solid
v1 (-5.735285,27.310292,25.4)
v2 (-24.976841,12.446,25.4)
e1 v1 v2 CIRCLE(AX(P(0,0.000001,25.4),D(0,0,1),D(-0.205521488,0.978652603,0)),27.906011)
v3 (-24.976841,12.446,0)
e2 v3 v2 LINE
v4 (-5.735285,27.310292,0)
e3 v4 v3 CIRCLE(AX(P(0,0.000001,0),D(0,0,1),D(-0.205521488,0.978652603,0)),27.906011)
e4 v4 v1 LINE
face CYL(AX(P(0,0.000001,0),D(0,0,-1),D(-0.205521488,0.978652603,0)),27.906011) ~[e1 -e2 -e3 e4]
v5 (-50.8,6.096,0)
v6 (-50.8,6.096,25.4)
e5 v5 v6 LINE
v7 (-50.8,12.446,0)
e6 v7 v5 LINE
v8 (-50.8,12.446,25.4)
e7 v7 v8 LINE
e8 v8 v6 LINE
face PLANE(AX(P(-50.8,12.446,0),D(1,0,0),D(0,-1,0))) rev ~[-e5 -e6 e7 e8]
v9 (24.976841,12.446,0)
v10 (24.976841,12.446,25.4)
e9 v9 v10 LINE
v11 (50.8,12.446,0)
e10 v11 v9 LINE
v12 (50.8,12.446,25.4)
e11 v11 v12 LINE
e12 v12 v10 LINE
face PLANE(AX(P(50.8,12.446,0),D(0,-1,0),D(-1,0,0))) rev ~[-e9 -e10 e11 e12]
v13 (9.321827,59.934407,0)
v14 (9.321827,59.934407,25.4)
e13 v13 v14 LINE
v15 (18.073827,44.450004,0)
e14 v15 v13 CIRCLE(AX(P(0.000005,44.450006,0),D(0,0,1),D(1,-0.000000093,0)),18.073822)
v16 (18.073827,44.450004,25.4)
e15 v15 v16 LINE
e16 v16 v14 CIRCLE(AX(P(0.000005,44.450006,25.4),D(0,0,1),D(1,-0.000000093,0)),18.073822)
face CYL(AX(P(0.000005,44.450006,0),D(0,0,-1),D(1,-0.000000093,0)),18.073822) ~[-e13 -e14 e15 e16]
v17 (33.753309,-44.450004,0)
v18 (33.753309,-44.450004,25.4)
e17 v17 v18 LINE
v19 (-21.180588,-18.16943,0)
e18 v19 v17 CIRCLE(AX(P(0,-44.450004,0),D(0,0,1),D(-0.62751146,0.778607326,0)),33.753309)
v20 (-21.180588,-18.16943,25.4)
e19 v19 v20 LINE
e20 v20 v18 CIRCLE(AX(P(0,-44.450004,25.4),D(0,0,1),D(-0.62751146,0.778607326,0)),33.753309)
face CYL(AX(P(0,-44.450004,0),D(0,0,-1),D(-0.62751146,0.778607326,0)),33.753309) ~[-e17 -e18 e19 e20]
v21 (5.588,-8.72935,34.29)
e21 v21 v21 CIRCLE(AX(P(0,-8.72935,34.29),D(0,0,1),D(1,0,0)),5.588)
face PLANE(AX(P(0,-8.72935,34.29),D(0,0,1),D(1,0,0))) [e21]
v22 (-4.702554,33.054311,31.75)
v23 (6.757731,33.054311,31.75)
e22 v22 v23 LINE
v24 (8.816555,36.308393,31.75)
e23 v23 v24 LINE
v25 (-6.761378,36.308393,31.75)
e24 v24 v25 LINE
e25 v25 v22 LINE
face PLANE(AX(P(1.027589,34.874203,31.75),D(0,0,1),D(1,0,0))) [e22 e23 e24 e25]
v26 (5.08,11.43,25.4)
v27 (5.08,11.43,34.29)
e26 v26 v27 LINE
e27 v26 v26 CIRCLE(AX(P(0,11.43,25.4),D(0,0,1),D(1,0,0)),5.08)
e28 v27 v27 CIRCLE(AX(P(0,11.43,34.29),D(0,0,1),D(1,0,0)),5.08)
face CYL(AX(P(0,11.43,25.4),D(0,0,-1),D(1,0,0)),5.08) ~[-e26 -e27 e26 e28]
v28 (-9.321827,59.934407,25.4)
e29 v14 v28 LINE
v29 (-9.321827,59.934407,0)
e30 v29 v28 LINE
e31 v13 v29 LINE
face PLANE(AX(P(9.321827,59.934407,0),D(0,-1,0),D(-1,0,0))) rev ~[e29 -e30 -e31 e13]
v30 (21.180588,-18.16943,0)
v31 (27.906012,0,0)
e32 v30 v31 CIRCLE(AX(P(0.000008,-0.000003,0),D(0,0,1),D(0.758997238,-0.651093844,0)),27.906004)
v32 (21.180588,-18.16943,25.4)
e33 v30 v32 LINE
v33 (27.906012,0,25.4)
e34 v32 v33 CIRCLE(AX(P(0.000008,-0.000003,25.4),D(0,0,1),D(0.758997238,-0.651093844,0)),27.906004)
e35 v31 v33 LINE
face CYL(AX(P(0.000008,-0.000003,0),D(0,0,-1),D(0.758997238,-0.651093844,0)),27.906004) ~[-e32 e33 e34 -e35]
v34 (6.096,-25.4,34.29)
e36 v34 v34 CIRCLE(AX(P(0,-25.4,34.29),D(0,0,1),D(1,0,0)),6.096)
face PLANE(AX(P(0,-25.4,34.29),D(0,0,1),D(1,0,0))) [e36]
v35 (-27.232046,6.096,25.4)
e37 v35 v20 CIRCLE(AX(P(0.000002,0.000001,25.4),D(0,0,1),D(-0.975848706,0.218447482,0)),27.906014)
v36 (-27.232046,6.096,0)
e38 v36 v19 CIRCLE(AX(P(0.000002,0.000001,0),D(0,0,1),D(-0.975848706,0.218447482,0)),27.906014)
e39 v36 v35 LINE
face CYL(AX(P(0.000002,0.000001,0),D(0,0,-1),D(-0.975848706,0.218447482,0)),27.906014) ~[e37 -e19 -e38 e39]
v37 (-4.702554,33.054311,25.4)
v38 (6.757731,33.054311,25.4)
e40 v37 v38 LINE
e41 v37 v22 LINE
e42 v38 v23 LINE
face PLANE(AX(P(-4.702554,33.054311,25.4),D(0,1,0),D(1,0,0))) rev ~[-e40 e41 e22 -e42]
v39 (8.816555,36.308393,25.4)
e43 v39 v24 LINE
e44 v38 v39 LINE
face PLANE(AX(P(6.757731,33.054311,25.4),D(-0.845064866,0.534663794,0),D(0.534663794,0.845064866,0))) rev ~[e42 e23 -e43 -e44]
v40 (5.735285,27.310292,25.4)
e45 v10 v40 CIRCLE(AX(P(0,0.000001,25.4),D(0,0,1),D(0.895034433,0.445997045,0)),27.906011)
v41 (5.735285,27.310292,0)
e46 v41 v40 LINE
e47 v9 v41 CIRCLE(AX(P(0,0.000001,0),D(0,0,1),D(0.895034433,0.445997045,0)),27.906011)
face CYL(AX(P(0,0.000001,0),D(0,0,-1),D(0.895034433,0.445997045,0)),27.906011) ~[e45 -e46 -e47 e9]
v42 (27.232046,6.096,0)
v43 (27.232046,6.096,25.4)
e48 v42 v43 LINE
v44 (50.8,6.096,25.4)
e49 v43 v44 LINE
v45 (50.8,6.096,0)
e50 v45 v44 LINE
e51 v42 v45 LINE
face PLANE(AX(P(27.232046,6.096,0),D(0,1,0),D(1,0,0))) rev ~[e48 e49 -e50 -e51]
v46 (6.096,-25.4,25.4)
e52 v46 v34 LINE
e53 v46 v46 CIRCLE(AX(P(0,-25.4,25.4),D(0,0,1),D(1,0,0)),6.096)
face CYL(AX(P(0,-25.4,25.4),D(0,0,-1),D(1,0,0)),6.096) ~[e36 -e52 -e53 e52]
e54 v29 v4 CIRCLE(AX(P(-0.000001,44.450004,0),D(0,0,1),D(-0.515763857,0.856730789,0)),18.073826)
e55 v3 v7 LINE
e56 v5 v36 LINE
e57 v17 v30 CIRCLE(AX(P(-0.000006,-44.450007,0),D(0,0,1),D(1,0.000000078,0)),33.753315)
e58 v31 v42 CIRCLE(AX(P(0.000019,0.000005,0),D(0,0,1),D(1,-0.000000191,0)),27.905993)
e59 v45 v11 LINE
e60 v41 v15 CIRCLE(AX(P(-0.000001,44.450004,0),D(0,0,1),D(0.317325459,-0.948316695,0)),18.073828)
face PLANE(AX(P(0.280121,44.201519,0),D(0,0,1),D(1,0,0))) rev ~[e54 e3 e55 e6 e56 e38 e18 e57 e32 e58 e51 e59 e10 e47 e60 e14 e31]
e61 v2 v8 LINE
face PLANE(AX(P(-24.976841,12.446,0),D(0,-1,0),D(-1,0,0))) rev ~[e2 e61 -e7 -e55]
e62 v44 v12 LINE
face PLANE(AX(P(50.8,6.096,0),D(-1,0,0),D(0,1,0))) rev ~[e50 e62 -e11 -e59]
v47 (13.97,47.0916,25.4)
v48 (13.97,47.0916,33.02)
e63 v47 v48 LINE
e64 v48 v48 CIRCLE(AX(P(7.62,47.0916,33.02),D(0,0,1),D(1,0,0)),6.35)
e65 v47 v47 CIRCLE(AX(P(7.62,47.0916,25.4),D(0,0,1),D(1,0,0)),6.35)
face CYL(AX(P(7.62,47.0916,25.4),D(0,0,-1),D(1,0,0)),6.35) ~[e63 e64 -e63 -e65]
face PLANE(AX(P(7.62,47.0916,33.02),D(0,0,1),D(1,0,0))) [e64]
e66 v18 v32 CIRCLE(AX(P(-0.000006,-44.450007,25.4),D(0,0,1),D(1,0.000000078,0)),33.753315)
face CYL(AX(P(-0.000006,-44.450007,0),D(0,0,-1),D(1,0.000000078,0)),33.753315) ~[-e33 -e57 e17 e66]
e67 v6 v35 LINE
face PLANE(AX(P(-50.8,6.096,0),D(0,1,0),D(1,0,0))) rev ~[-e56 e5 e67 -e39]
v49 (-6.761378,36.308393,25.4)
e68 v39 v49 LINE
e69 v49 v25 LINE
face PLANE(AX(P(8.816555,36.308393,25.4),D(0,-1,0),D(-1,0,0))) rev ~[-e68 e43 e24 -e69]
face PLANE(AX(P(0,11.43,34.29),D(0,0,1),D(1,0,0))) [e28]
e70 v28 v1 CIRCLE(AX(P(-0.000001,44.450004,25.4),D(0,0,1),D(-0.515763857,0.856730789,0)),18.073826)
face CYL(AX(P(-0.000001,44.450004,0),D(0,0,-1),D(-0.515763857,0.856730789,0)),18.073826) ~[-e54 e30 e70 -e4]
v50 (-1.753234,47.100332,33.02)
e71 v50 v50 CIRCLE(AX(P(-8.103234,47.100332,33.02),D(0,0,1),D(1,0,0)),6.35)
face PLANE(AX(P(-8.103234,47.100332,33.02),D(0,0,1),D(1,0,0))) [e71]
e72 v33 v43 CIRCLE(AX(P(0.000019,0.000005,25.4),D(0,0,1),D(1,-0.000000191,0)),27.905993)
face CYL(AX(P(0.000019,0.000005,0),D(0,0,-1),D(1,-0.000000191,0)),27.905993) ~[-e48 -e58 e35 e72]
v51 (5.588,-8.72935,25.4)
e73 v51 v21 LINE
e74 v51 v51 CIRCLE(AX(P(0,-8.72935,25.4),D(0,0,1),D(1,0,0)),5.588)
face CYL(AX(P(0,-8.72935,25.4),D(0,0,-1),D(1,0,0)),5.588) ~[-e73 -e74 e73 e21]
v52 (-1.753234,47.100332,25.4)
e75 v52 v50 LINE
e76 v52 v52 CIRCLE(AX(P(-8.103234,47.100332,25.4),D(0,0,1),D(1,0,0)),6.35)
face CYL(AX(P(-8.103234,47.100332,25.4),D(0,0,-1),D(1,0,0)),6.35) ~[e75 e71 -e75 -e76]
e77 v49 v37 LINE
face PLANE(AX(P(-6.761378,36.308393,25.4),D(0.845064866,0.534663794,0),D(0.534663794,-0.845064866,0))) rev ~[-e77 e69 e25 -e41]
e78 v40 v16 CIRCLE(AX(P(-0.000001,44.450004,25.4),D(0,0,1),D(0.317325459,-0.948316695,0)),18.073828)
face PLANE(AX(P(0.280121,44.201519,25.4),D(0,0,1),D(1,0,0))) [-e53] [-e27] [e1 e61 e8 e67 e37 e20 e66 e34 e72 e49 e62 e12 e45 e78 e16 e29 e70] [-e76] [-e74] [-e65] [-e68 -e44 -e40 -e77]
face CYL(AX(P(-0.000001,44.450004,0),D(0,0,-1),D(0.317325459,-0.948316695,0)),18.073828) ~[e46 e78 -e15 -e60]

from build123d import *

# Parameters (mm, degrees)
F1_DEPTH = 25.4
F2_R     = 6.35
F3_DEPTH = 7.62
F4_R     = 5.08
F4_R_2   = 5.588
F4_R_3   = 6.096
F5_DEPTH = 8.89
F7_DEPTH = 6.35


with BuildPart() as f1:
    # F0 (on Top) → F1 (new body)
    with BuildSketch(Plane.XY):
        with BuildLine():
            ThreePointArc((-9.321827, 59.934407), (-17.965589, 42.474951), (-5.735285, 27.310292))
            ThreePointArc((-5.735285, 27.310292), (0, 27.906012), (5.735285, 27.310292))
            ThreePointArc((5.735285, 27.310292), (14.668363, 33.890537), (18.073827, 44.450004))
            ThreePointArc((18.073827, 44.450004), (15.734426, 53.34332), (9.321827, 59.934407))
            Line((9.321827, 59.934407), (-9.321827, 59.934407))
        make_face()
        with BuildLine():
            ThreePointArc((-21.180588, -18.16943), (0, -10.696695), (21.180588, -18.16943))
            ThreePointArc((21.180588, -18.16943), (26.170702, -9.687099), (27.906012, 0))
            ThreePointArc((27.906012, 0), (27.737009, 3.066572), (27.232046, 6.096))
            Line((27.232046, 6.096), (0, 6.096))
            Line((0, 6.096), (-27.232046, 6.096))
            ThreePointArc((-27.232046, 6.096), (-27.076716, -6.752552), (-21.180588, -18.16943))
        make_face()
        with BuildLine():
            ThreePointArc((-21.180588, -18.16943), (-14.566587, -74.898327), (33.753309, -44.450004))
            ThreePointArc((33.753309, -44.450004), (30.448323, -29.883417), (21.180588, -18.16943))
            ThreePointArc((21.180588, -18.16943), (0, -27.906012), (-21.180588, -18.16943))
        make_face()
        with BuildLine():
            ThreePointArc((-21.180588, -18.16943), (0, -27.906012), (21.180588, -18.16943))
            ThreePointArc((21.180588, -18.16943), (0, -10.696695), (-21.180588, -18.16943))
        make_face()
        with BuildLine():
            ThreePointArc((5.735285, 27.310292), (0, 27.906012), (-5.735285, 27.310292))
            ThreePointArc((-5.735285, 27.310292), (0, 26.376177), (5.735285, 27.310292))
        make_face()
        with BuildLine():
            Line((-50.8, 6.096), (-27.232046, 6.096))
            ThreePointArc((-27.232046, 6.096), (-26.296817, 9.339322), (-24.976841, 12.446))
            Line((-24.976841, 12.446), (-50.8, 12.446))
            Line((-50.8, 12.446), (-50.8, 6.096))
        make_face()
        with BuildLine():
            ThreePointArc((24.976841, 12.446), (26.296817, 9.339322), (27.232046, 6.096))
            Line((27.232046, 6.096), (50.8, 6.096))
            Line((50.8, 6.096), (50.8, 12.446))
            Line((50.8, 12.446), (24.976841, 12.446))
        make_face()
        with BuildLine():
            Line((0, 6.096), (27.232046, 6.096))
            ThreePointArc((27.232046, 6.096), (26.296817, 9.339322), (24.976841, 12.446))
            Line((24.976841, 12.446), (0, 12.446))
            Line((0, 12.446), (0, 6.096))
        make_face()
        with BuildLine():
            ThreePointArc((-24.976841, 12.446), (-26.296817, 9.339322), (-27.232046, 6.096))
            Line((-27.232046, 6.096), (0, 6.096))
            Line((0, 6.096), (0, 12.446))
            Line((0, 12.446), (-24.976841, 12.446))
        make_face()
        with BuildLine():
            ThreePointArc((-5.735285, 27.310292), (-17.060055, 22.083932), (-24.976841, 12.446))
            Line((-24.976841, 12.446), (0, 12.446))
            Line((0, 12.446), (24.976841, 12.446))
            ThreePointArc((24.976841, 12.446), (17.060055, 22.083932), (5.735285, 27.310292))
            ThreePointArc((5.735285, 27.310292), (0, 26.376177), (-5.735285, 27.310292))
        make_face()
    extrude(amount=F1_DEPTH)

    # F2 (on face) → F3 (join)
    with BuildSketch(Plane.XY.offset(25.4)):
        with Locations((-8.103234, 47.100332)):
            Circle(F2_R)
        with Locations((7.62, 47.0916)):
            Circle(F2_R)
    extrude(amount=F3_DEPTH)

    # F4 (on face) → F5 (join)
    with BuildSketch(Plane.XY.offset(25.4)):
        with Locations((0, 11.43)):
            Circle(F4_R)
        with Locations((0, -8.72935)):
            Circle(F4_R_2)
        with Locations((0, -25.4)):
            Circle(F4_R_3)
    extrude(amount=F5_DEPTH)

    # F6 (on face) → F7 (join)
    with BuildSketch(Plane.XY.offset(25.4)):
        Polygon((-6.761378, 36.308393), (-4.702554, 33.054311), (6.757731, 33.054311), (8.816555, 36.308393), align=None)
    extrude(amount=F7_DEPTH)


solid = f1.part
